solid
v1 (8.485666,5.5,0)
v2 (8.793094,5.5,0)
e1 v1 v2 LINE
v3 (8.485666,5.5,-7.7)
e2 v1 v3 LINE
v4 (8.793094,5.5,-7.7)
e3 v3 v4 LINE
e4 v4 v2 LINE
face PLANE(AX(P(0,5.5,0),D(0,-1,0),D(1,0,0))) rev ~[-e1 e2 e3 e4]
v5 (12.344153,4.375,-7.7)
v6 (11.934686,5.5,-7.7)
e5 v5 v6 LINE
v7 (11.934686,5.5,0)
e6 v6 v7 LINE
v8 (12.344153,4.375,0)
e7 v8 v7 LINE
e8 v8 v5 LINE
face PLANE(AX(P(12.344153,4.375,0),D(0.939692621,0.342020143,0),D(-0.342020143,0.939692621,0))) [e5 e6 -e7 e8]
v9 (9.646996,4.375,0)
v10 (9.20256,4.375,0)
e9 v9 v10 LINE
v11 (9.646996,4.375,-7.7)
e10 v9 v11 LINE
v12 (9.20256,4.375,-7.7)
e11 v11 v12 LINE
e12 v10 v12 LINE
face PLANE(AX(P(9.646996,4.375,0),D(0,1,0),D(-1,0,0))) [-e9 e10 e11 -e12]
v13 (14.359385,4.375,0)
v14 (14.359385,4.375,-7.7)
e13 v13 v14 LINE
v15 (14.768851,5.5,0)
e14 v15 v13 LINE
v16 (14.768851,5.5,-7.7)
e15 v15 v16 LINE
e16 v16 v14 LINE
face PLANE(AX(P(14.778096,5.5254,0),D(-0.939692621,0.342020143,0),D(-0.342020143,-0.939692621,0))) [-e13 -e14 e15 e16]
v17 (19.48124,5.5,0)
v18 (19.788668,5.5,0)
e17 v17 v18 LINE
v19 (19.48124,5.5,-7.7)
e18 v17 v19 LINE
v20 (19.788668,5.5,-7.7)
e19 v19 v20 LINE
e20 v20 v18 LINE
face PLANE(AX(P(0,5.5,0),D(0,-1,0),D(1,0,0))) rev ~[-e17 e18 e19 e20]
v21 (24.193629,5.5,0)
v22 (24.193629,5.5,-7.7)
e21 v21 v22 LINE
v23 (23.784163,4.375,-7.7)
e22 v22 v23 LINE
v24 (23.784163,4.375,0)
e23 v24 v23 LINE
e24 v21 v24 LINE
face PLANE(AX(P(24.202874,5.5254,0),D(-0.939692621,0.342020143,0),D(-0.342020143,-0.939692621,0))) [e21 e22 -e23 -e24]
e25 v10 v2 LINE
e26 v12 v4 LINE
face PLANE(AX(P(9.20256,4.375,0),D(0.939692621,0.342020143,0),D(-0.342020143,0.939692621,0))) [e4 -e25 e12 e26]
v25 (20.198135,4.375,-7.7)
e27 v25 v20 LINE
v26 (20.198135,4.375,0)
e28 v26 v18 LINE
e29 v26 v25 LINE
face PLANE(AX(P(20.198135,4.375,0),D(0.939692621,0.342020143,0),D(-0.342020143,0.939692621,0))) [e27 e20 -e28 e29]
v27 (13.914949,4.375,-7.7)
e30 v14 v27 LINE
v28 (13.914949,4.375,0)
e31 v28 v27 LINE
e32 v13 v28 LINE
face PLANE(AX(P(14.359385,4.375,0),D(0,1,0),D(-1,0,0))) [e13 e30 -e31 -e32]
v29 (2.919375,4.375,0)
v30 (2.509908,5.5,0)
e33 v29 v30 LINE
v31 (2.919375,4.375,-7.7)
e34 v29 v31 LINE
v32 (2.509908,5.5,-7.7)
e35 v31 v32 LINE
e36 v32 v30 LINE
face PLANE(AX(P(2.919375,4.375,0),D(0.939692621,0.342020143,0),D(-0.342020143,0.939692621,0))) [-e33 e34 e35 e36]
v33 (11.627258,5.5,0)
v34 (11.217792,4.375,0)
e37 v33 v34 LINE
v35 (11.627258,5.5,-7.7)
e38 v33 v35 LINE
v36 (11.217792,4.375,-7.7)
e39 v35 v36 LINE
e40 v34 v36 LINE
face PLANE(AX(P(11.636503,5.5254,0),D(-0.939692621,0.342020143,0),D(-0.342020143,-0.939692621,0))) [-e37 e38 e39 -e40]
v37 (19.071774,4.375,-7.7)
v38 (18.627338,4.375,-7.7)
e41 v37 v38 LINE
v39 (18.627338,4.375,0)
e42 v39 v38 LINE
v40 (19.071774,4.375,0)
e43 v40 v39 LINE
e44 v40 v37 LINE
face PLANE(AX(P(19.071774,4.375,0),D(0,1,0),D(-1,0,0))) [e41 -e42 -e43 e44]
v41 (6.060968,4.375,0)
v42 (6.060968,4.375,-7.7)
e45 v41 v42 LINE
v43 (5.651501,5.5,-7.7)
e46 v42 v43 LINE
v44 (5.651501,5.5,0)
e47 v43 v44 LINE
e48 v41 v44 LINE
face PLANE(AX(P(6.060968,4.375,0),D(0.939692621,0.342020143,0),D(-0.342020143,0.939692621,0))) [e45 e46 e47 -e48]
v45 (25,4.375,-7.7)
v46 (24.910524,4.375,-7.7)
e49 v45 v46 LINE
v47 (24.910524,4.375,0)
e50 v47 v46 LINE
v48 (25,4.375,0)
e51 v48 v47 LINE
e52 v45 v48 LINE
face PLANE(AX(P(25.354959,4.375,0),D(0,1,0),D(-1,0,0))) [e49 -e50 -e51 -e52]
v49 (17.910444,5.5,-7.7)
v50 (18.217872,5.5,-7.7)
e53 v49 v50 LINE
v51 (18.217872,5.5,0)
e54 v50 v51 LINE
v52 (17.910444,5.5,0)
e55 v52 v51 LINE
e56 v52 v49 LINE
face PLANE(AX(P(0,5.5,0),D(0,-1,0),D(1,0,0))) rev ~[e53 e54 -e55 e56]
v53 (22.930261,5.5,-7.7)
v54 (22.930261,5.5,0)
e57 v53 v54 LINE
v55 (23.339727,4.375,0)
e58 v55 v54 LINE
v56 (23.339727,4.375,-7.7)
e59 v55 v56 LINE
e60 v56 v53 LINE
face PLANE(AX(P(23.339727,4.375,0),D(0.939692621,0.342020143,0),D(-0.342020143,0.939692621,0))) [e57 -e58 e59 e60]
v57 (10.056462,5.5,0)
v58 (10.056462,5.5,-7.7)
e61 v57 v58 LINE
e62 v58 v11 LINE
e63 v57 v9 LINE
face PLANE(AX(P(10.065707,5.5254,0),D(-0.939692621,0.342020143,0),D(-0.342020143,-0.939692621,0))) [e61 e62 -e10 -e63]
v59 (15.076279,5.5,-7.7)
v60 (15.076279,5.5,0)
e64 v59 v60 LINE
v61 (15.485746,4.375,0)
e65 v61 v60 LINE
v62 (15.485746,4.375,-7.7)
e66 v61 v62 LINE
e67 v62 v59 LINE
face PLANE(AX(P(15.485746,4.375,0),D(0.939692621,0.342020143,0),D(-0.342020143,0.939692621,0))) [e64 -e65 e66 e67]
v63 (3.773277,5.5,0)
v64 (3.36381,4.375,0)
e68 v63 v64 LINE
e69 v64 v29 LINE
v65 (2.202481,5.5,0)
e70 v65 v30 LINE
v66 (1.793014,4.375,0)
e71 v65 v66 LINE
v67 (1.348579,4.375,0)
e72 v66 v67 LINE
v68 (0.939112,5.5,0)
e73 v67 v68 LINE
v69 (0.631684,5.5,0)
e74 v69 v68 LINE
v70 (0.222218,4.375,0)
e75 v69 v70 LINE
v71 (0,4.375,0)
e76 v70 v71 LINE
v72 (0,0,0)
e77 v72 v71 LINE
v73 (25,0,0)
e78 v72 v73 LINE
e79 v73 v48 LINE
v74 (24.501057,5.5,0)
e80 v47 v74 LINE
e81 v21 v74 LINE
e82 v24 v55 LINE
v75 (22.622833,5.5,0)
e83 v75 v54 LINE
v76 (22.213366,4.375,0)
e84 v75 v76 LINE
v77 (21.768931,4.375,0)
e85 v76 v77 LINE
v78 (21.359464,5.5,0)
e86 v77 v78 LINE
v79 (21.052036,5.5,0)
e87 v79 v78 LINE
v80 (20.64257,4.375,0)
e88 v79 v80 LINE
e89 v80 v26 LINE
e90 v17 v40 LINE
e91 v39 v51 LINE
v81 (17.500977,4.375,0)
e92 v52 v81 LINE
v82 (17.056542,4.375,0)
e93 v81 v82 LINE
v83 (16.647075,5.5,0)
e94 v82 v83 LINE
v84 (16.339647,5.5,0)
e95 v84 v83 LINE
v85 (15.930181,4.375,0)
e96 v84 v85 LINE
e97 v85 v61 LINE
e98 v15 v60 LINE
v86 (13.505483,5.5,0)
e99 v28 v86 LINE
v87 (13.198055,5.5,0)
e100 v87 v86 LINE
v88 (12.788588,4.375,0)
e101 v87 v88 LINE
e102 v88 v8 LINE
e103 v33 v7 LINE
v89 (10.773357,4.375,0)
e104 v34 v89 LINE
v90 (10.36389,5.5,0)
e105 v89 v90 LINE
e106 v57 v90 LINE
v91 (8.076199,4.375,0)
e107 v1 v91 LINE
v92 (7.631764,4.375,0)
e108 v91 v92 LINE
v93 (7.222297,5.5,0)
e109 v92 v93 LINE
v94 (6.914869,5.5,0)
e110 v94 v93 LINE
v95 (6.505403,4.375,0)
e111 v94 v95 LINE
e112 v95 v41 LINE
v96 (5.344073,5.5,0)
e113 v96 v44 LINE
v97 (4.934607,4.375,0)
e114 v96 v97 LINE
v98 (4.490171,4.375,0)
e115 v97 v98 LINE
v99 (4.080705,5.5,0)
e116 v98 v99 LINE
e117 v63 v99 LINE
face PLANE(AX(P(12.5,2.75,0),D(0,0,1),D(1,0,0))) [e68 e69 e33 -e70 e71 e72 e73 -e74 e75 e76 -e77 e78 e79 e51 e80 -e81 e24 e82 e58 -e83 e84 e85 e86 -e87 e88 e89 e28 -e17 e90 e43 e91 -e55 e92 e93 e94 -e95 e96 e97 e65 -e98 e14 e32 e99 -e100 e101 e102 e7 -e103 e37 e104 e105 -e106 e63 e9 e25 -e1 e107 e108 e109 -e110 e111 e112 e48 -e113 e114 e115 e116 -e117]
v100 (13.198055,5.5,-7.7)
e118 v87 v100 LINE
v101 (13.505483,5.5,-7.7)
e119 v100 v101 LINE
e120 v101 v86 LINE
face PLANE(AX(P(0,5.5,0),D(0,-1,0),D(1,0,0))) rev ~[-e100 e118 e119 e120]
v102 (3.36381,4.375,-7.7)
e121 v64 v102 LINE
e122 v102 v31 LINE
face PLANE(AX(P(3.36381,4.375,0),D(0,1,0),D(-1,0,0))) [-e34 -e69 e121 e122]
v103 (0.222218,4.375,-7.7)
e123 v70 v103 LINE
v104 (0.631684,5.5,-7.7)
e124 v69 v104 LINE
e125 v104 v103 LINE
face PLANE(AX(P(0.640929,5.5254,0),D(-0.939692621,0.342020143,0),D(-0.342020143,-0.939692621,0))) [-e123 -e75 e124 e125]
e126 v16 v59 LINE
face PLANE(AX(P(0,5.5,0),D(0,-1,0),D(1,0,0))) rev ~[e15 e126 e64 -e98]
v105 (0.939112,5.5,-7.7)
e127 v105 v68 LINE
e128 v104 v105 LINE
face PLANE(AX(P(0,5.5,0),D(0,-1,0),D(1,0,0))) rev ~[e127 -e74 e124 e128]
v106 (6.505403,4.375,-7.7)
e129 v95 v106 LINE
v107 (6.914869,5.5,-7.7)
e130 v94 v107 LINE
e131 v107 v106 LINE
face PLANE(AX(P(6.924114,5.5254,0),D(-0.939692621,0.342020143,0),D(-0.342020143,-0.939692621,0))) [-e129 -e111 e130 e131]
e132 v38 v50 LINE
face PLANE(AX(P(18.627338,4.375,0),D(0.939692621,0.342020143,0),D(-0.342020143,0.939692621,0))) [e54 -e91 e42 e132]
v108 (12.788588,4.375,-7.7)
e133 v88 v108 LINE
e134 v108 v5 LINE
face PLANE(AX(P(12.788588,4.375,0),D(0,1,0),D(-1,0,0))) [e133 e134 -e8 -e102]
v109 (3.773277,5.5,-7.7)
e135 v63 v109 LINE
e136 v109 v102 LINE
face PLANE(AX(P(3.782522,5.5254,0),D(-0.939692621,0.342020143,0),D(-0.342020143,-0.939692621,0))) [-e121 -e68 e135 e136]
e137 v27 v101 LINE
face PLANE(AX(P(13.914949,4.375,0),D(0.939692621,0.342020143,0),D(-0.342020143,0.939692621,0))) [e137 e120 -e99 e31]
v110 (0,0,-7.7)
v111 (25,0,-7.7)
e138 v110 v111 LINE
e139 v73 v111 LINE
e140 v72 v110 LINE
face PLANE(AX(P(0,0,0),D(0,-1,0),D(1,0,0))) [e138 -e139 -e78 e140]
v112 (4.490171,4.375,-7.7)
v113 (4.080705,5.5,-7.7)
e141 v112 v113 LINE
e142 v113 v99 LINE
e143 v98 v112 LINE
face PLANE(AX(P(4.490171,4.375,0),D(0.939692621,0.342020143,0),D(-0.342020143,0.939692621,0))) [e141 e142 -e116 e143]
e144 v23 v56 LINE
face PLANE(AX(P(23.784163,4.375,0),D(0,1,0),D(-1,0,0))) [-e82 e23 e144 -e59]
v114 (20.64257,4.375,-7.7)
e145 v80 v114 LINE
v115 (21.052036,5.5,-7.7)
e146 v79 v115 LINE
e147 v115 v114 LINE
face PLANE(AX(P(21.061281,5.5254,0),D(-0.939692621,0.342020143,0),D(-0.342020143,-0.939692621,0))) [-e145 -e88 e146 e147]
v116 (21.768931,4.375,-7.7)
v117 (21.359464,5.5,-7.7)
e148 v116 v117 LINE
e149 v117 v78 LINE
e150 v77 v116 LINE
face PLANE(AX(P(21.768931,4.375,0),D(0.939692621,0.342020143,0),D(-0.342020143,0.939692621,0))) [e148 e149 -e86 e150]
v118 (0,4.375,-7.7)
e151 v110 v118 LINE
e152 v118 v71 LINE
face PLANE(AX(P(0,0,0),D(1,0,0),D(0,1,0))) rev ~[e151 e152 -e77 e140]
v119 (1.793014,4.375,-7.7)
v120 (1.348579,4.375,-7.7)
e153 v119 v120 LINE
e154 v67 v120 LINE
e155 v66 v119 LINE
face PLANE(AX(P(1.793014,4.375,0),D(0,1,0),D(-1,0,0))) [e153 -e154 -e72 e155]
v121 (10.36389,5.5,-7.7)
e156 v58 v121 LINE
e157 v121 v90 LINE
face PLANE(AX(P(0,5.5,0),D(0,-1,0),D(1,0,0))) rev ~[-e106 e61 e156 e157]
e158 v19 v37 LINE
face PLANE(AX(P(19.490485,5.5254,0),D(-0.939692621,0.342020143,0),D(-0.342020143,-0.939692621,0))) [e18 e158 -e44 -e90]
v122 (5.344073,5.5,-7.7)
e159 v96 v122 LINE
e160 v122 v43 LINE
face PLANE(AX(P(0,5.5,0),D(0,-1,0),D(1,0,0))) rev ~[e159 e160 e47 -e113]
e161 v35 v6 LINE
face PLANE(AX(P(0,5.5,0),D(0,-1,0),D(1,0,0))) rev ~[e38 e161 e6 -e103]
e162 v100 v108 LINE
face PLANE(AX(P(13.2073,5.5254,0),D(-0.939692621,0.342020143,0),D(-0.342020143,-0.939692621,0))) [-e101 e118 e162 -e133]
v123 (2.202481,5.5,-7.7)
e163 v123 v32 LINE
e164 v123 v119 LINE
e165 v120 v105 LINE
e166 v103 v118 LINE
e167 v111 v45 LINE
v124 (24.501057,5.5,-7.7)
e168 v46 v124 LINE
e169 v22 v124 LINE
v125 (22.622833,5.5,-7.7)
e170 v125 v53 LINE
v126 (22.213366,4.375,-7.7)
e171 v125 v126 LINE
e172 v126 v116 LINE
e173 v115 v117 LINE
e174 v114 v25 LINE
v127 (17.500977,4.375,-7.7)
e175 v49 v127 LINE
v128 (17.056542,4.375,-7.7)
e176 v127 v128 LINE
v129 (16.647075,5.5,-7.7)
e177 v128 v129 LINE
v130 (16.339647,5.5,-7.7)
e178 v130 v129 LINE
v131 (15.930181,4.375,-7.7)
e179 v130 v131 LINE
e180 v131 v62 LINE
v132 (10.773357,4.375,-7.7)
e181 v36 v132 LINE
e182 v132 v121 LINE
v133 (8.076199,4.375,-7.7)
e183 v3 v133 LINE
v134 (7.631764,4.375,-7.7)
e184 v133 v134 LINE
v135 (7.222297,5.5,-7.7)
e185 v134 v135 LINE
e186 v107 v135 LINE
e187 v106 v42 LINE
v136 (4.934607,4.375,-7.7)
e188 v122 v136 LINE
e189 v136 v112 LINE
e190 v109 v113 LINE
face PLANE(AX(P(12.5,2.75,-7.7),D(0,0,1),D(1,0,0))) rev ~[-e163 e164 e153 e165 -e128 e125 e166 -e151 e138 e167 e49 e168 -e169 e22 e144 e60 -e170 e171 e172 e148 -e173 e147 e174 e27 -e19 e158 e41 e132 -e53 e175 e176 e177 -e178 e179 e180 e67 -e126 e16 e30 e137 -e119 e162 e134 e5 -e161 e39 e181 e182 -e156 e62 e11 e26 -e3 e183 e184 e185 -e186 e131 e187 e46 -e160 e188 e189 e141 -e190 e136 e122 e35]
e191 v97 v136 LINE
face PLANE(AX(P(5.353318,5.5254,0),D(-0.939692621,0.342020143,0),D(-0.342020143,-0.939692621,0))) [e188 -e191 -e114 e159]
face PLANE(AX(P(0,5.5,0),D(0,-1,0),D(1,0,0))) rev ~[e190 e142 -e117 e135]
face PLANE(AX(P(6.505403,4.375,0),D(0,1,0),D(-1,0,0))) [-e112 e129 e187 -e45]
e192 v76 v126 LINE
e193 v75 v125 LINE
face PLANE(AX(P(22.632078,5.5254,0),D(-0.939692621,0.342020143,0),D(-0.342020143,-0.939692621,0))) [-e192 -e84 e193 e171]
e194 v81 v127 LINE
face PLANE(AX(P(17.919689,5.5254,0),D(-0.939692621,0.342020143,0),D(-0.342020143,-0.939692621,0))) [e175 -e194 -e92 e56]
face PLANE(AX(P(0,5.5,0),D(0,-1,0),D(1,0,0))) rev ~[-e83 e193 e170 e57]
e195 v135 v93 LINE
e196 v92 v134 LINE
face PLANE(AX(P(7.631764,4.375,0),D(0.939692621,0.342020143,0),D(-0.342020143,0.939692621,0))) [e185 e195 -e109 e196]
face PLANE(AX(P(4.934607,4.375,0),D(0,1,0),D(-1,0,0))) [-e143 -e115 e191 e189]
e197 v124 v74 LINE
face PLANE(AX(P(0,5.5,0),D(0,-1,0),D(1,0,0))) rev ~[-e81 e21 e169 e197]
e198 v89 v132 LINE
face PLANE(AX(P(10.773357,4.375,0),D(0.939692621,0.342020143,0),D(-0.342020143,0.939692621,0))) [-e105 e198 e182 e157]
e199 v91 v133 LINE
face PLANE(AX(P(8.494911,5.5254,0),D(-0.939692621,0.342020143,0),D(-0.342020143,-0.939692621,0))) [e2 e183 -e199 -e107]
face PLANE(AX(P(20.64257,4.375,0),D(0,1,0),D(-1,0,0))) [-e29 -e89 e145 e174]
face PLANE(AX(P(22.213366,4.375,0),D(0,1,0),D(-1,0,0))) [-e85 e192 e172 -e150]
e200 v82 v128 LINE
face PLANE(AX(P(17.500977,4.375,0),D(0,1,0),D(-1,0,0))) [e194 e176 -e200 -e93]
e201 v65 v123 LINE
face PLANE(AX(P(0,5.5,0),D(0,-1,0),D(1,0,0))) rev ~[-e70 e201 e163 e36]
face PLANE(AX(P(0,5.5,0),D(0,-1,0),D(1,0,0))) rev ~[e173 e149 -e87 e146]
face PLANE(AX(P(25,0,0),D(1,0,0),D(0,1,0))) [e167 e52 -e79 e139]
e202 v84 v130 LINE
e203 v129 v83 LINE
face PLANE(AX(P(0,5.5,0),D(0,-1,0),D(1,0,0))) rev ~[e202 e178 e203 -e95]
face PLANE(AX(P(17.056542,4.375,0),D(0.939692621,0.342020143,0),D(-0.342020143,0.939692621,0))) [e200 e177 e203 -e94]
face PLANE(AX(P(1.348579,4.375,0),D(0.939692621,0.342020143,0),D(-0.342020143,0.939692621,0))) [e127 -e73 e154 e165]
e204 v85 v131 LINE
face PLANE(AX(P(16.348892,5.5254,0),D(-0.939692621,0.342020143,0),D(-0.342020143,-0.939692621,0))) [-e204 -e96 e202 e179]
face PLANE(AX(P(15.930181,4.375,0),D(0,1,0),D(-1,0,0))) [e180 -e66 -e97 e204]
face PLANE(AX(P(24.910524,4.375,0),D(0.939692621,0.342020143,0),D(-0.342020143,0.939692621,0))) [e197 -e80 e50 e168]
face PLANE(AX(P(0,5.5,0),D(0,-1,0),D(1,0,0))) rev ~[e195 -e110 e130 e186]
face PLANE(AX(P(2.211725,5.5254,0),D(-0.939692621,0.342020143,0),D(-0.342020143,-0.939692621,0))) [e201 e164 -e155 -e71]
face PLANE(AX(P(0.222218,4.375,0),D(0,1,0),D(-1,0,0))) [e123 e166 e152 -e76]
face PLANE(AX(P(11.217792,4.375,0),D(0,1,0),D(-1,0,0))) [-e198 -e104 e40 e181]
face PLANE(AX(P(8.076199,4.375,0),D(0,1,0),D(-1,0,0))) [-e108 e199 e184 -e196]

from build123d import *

# Parameters (mm, degrees)
BLANKSKE_W        = 25
BLANKSKE_H        = 5.5
BLANK_DEPTH       = 7.7
TOOTHCUTSIM_DEPTH = 27.730881018
TEETHCUTS_COUNT   = 17
TEETHCUTS_PITCH   = 1.570796325


with BuildPart() as part:
    # BlankSke → Blank (new body)
    with BuildSketch(Plane.XY):
        with Locations((12.5, 2.75)):
            Rectangle(BLANKSKE_W, BLANKSKE_H)
    extrude(amount=-BLANK_DEPTH)

    # TooCutSkeSim → ToothCutSim (cut, through all)
    with BuildSketch(Plane.XY):
        Polygon((0.222217685, 4.375), (-0.222217685, 4.375), (-0.640929042, 5.5254), (0.640929042, 5.5254), align=None)
    toothcutsim = extrude(amount=-TOOTHCUTSIM_DEPTH, mode=Mode.SUBTRACT)

    # TeethCuts: ToothCutSim ×17
    with Locations(*[(i * TEETHCUTS_PITCH, 0, 0) for i in range(1, TEETHCUTS_COUNT)]):
        add(toothcutsim, mode=Mode.SUBTRACT)


solid = part.part
